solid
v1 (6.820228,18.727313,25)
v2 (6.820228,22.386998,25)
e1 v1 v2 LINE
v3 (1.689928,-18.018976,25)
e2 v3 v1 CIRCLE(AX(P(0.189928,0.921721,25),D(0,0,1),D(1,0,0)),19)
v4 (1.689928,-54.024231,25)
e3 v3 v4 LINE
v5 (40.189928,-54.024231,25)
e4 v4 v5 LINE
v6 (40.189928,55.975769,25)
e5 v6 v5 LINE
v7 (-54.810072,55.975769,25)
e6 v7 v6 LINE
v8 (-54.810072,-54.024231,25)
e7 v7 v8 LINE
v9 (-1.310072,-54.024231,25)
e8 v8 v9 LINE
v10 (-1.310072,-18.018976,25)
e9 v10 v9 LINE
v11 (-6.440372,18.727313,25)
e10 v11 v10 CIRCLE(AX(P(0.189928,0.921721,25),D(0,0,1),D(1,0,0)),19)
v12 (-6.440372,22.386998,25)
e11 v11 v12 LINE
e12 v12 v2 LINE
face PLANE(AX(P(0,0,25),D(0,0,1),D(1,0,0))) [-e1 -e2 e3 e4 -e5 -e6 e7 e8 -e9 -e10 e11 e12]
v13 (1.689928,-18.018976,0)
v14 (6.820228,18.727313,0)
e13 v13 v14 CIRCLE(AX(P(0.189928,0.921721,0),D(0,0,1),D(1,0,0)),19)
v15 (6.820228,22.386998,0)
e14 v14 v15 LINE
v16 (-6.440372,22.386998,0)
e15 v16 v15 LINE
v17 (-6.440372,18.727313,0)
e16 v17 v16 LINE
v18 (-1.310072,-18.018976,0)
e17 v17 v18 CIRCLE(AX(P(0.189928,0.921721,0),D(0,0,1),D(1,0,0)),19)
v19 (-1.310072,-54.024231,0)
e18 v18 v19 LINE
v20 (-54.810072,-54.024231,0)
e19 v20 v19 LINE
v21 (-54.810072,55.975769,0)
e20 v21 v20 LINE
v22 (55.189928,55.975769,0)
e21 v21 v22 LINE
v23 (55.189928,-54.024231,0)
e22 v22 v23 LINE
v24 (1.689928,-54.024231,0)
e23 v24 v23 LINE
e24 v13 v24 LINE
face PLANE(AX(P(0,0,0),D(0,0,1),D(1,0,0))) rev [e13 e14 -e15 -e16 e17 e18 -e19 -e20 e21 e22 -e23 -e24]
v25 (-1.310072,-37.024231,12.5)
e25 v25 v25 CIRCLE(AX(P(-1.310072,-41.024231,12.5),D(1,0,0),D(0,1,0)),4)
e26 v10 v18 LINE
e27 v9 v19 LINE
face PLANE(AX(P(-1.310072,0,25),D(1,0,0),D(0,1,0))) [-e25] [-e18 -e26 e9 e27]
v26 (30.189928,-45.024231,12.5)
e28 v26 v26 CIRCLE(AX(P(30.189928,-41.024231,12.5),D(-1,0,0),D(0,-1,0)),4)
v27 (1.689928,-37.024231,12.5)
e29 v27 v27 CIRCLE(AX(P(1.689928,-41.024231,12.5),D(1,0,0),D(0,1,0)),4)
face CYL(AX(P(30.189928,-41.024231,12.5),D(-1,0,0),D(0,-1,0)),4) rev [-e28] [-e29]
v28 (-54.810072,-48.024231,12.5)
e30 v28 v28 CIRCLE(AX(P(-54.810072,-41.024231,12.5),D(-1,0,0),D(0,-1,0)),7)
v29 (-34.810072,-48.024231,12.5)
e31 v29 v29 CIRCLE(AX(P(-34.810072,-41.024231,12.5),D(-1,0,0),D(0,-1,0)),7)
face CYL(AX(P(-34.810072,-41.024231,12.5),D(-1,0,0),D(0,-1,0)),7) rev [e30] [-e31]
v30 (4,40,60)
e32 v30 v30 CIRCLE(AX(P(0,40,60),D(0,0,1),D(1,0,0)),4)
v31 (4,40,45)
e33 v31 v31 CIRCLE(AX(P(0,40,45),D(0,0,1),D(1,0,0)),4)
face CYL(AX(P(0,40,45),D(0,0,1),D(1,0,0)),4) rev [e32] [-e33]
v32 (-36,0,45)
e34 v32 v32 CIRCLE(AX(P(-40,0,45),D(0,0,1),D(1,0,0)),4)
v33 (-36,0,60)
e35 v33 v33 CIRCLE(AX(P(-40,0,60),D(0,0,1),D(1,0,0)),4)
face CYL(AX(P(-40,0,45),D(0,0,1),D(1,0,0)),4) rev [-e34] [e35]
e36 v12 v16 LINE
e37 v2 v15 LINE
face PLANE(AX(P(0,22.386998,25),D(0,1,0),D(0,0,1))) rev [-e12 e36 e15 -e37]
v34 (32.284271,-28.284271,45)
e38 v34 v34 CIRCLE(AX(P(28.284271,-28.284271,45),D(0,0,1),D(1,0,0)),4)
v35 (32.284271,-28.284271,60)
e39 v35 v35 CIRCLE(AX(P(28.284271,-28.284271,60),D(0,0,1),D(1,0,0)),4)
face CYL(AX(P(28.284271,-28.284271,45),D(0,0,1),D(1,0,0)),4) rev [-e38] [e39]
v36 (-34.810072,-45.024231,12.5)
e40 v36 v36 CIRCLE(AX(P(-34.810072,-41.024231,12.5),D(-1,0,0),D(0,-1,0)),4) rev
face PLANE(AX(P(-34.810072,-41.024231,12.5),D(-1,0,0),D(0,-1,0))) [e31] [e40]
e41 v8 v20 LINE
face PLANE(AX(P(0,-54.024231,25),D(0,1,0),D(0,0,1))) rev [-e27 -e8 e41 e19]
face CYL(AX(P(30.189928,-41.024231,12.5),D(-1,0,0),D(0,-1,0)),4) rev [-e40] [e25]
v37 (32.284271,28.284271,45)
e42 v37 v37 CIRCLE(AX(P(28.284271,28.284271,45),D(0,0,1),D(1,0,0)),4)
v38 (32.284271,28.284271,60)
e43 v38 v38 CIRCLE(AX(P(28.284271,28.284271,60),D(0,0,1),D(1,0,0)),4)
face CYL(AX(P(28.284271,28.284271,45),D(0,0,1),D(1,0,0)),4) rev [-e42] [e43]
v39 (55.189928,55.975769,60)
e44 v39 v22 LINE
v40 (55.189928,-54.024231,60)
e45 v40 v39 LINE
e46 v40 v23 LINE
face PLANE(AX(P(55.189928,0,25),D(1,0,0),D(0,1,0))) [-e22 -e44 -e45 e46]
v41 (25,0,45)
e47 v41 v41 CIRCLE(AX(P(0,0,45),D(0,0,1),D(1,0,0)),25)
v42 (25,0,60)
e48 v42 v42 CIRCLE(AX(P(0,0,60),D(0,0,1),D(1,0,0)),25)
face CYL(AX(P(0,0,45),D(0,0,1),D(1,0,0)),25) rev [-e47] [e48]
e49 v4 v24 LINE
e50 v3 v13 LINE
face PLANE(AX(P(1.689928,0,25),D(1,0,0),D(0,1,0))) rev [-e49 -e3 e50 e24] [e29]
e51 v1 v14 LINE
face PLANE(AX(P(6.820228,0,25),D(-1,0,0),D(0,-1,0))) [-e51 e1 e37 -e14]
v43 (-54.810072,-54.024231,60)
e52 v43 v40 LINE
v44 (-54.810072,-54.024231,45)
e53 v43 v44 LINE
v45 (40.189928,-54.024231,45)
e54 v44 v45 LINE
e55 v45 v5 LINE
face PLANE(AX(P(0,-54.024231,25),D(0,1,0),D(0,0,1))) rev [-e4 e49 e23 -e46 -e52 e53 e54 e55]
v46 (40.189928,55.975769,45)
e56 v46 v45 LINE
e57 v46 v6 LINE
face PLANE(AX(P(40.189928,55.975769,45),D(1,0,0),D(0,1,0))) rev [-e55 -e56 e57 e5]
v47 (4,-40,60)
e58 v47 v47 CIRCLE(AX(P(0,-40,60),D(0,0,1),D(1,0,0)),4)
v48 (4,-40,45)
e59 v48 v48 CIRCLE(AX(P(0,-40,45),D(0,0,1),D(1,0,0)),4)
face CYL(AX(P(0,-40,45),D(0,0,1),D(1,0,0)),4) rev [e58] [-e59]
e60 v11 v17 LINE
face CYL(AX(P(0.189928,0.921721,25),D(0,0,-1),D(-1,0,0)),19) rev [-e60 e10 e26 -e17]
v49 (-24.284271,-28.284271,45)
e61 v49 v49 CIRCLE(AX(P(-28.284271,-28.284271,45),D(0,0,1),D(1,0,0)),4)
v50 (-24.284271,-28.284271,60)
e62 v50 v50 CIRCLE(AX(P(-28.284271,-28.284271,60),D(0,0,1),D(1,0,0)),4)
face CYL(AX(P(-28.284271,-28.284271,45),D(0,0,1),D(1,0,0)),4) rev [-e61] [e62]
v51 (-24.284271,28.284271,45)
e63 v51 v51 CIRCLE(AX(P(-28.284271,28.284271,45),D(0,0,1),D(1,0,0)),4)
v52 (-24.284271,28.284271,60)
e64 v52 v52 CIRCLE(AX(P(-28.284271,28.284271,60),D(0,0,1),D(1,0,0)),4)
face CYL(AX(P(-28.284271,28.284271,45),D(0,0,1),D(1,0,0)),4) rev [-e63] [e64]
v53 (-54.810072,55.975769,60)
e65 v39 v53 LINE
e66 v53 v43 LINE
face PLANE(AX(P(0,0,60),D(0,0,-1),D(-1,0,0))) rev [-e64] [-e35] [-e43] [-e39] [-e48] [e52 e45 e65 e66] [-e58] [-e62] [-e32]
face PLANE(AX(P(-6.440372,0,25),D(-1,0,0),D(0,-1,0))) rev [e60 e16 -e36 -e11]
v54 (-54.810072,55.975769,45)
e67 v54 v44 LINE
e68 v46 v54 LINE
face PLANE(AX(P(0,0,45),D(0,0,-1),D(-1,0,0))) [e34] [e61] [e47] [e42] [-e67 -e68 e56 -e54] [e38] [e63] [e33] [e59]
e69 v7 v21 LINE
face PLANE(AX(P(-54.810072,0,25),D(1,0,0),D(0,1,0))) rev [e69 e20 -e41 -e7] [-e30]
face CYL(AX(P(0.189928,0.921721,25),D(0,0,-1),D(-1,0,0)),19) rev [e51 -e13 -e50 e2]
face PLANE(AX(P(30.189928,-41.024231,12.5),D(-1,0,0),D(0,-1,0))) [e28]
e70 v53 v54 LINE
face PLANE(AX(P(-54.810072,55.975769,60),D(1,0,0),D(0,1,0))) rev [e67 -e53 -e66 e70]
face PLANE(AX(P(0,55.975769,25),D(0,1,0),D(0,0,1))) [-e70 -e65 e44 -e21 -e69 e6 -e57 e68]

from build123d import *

# Parameters (mm, degrees)
RESSALTO_EXTRUS_O2_DEPTH = 25
ESBO_O5_R                = 4
CORTE_EXTRUS_O3_DEPTH    = 85
ESBO_O6_R                = 7
CORTE_EXTRUS_O4_DEPTH    = 20
ESBO_O12_W               = 15
ESBO_O12_H               = 110
RESSALTO_EXTRUS_O3_DEPTH = 20
ESBO_O13_W               = 110
ESBO_O13_H               = 110
RESSALTO_EXTRUS_O4_DEPTH = 15
ESBO_O14_R               = 25
ESBO_O14_R_2             = 4
CORTE_EXTRUS_O5_DEPTH    = 15


with BuildPart() as part:
    # Esboço1 → Ressalto-extrusão2 (new body)
    with BuildSketch(Plane.XY):
        with BuildLine():
            Line((6.820228442, 22.38699838), (6.820228442, 18.727313079))
            ThreePointArc((6.820228442, 18.727313079), (19.00741694, -1.705466141), (1.689928033, -18.018976127))
            Line((1.689928033, -18.018976127), (1.689928033, -54.024230705))
            Line((1.689928033, -54.024230705), (55.189928033, -54.024230705))
            Line((55.189928033, -54.024230705), (55.189928033, 55.975769295))
            Line((55.189928033, 55.975769295), (1.689928033, 55.975769295))
            Line((1.689928033, 55.975769295), (-1.310071967, 55.975769295))
            Line((-1.310071967, 55.975769295), (-54.810071967, 55.975769295))
            Line((-54.810071967, 55.975769295), (-54.810071967, -54.024230705))
            Line((-54.810071967, -54.024230705), (-1.310071967, -54.024230705))
            Line((-1.310071967, -54.024230705), (-1.310071967, -18.018976127))
            ThreePointArc((-1.310071967, -18.018976127), (-18.627560875, -1.705466141), (-6.440372377, 18.727313079))
            Line((-6.440372377, 18.727313079), (-6.440372377, 22.38699838))
            Line((-6.440372377, 22.38699838), (6.180238055, 22.38699838))
            Line((6.180238055, 22.38699838), (6.820228442, 22.38699838))
        make_face()
    extrude(amount=RESSALTO_EXTRUS_O2_DEPTH)

    # Esboço5 → Corte-extrusão3 (cut)
    with BuildSketch(Plane.ZY.offset(54.810071967)):
        with Locations((12.5, -41.024230705)):
            Circle(ESBO_O5_R)
    extrude(amount=-CORTE_EXTRUS_O3_DEPTH, mode=Mode.SUBTRACT)

    # Esboço6 → Corte-extrusão4 (cut)
    with BuildSketch(Plane.ZY.offset(54.810071967)):
        with Locations((12.5, -41.024230705)):
            Circle(ESBO_O6_R)
    extrude(amount=-CORTE_EXTRUS_O4_DEPTH, mode=Mode.SUBTRACT)

    # Esboço12 → Ressalto-extrusão3 (add)
    with BuildSketch(Plane.XY.offset(25)):
        with Locations((47.689928033, 0.975769295)):
            Rectangle(ESBO_O12_W, ESBO_O12_H)
    extrude(amount=RESSALTO_EXTRUS_O3_DEPTH)

    # Esboço13 → Ressalto-extrusão4 (add)
    with BuildSketch(Plane.XY.offset(45)):
        with Locations((0.189928033, 0.975769295)):
            Rectangle(ESBO_O13_W, ESBO_O13_H)
    extrude(amount=RESSALTO_EXTRUS_O4_DEPTH)

    # Esboço14 → Corte-extrusão5 (cut)
    with BuildSketch(Plane.XY.offset(60)):
        Circle(ESBO_O14_R)
        with Locations((0, 40)):
            Circle(ESBO_O14_R_2)
        with Locations((-40, 0)):
            Circle(ESBO_O14_R_2)
        with Locations((0, -40)):
            Circle(ESBO_O14_R_2)
        with Locations((-28.284271247, 28.284271247)):
            Circle(ESBO_O14_R_2)
        with Locations((28.284271247, 28.284271247)):
            Circle(ESBO_O14_R_2)
        with Locations((28.284271247, -28.284271247)):
            Circle(ESBO_O14_R_2)
        with Locations((-28.284271247, -28.284271247)):
            Circle(ESBO_O14_R_2)
    extrude(amount=-CORTE_EXTRUS_O5_DEPTH, mode=Mode.SUBTRACT)


solid = part.part
